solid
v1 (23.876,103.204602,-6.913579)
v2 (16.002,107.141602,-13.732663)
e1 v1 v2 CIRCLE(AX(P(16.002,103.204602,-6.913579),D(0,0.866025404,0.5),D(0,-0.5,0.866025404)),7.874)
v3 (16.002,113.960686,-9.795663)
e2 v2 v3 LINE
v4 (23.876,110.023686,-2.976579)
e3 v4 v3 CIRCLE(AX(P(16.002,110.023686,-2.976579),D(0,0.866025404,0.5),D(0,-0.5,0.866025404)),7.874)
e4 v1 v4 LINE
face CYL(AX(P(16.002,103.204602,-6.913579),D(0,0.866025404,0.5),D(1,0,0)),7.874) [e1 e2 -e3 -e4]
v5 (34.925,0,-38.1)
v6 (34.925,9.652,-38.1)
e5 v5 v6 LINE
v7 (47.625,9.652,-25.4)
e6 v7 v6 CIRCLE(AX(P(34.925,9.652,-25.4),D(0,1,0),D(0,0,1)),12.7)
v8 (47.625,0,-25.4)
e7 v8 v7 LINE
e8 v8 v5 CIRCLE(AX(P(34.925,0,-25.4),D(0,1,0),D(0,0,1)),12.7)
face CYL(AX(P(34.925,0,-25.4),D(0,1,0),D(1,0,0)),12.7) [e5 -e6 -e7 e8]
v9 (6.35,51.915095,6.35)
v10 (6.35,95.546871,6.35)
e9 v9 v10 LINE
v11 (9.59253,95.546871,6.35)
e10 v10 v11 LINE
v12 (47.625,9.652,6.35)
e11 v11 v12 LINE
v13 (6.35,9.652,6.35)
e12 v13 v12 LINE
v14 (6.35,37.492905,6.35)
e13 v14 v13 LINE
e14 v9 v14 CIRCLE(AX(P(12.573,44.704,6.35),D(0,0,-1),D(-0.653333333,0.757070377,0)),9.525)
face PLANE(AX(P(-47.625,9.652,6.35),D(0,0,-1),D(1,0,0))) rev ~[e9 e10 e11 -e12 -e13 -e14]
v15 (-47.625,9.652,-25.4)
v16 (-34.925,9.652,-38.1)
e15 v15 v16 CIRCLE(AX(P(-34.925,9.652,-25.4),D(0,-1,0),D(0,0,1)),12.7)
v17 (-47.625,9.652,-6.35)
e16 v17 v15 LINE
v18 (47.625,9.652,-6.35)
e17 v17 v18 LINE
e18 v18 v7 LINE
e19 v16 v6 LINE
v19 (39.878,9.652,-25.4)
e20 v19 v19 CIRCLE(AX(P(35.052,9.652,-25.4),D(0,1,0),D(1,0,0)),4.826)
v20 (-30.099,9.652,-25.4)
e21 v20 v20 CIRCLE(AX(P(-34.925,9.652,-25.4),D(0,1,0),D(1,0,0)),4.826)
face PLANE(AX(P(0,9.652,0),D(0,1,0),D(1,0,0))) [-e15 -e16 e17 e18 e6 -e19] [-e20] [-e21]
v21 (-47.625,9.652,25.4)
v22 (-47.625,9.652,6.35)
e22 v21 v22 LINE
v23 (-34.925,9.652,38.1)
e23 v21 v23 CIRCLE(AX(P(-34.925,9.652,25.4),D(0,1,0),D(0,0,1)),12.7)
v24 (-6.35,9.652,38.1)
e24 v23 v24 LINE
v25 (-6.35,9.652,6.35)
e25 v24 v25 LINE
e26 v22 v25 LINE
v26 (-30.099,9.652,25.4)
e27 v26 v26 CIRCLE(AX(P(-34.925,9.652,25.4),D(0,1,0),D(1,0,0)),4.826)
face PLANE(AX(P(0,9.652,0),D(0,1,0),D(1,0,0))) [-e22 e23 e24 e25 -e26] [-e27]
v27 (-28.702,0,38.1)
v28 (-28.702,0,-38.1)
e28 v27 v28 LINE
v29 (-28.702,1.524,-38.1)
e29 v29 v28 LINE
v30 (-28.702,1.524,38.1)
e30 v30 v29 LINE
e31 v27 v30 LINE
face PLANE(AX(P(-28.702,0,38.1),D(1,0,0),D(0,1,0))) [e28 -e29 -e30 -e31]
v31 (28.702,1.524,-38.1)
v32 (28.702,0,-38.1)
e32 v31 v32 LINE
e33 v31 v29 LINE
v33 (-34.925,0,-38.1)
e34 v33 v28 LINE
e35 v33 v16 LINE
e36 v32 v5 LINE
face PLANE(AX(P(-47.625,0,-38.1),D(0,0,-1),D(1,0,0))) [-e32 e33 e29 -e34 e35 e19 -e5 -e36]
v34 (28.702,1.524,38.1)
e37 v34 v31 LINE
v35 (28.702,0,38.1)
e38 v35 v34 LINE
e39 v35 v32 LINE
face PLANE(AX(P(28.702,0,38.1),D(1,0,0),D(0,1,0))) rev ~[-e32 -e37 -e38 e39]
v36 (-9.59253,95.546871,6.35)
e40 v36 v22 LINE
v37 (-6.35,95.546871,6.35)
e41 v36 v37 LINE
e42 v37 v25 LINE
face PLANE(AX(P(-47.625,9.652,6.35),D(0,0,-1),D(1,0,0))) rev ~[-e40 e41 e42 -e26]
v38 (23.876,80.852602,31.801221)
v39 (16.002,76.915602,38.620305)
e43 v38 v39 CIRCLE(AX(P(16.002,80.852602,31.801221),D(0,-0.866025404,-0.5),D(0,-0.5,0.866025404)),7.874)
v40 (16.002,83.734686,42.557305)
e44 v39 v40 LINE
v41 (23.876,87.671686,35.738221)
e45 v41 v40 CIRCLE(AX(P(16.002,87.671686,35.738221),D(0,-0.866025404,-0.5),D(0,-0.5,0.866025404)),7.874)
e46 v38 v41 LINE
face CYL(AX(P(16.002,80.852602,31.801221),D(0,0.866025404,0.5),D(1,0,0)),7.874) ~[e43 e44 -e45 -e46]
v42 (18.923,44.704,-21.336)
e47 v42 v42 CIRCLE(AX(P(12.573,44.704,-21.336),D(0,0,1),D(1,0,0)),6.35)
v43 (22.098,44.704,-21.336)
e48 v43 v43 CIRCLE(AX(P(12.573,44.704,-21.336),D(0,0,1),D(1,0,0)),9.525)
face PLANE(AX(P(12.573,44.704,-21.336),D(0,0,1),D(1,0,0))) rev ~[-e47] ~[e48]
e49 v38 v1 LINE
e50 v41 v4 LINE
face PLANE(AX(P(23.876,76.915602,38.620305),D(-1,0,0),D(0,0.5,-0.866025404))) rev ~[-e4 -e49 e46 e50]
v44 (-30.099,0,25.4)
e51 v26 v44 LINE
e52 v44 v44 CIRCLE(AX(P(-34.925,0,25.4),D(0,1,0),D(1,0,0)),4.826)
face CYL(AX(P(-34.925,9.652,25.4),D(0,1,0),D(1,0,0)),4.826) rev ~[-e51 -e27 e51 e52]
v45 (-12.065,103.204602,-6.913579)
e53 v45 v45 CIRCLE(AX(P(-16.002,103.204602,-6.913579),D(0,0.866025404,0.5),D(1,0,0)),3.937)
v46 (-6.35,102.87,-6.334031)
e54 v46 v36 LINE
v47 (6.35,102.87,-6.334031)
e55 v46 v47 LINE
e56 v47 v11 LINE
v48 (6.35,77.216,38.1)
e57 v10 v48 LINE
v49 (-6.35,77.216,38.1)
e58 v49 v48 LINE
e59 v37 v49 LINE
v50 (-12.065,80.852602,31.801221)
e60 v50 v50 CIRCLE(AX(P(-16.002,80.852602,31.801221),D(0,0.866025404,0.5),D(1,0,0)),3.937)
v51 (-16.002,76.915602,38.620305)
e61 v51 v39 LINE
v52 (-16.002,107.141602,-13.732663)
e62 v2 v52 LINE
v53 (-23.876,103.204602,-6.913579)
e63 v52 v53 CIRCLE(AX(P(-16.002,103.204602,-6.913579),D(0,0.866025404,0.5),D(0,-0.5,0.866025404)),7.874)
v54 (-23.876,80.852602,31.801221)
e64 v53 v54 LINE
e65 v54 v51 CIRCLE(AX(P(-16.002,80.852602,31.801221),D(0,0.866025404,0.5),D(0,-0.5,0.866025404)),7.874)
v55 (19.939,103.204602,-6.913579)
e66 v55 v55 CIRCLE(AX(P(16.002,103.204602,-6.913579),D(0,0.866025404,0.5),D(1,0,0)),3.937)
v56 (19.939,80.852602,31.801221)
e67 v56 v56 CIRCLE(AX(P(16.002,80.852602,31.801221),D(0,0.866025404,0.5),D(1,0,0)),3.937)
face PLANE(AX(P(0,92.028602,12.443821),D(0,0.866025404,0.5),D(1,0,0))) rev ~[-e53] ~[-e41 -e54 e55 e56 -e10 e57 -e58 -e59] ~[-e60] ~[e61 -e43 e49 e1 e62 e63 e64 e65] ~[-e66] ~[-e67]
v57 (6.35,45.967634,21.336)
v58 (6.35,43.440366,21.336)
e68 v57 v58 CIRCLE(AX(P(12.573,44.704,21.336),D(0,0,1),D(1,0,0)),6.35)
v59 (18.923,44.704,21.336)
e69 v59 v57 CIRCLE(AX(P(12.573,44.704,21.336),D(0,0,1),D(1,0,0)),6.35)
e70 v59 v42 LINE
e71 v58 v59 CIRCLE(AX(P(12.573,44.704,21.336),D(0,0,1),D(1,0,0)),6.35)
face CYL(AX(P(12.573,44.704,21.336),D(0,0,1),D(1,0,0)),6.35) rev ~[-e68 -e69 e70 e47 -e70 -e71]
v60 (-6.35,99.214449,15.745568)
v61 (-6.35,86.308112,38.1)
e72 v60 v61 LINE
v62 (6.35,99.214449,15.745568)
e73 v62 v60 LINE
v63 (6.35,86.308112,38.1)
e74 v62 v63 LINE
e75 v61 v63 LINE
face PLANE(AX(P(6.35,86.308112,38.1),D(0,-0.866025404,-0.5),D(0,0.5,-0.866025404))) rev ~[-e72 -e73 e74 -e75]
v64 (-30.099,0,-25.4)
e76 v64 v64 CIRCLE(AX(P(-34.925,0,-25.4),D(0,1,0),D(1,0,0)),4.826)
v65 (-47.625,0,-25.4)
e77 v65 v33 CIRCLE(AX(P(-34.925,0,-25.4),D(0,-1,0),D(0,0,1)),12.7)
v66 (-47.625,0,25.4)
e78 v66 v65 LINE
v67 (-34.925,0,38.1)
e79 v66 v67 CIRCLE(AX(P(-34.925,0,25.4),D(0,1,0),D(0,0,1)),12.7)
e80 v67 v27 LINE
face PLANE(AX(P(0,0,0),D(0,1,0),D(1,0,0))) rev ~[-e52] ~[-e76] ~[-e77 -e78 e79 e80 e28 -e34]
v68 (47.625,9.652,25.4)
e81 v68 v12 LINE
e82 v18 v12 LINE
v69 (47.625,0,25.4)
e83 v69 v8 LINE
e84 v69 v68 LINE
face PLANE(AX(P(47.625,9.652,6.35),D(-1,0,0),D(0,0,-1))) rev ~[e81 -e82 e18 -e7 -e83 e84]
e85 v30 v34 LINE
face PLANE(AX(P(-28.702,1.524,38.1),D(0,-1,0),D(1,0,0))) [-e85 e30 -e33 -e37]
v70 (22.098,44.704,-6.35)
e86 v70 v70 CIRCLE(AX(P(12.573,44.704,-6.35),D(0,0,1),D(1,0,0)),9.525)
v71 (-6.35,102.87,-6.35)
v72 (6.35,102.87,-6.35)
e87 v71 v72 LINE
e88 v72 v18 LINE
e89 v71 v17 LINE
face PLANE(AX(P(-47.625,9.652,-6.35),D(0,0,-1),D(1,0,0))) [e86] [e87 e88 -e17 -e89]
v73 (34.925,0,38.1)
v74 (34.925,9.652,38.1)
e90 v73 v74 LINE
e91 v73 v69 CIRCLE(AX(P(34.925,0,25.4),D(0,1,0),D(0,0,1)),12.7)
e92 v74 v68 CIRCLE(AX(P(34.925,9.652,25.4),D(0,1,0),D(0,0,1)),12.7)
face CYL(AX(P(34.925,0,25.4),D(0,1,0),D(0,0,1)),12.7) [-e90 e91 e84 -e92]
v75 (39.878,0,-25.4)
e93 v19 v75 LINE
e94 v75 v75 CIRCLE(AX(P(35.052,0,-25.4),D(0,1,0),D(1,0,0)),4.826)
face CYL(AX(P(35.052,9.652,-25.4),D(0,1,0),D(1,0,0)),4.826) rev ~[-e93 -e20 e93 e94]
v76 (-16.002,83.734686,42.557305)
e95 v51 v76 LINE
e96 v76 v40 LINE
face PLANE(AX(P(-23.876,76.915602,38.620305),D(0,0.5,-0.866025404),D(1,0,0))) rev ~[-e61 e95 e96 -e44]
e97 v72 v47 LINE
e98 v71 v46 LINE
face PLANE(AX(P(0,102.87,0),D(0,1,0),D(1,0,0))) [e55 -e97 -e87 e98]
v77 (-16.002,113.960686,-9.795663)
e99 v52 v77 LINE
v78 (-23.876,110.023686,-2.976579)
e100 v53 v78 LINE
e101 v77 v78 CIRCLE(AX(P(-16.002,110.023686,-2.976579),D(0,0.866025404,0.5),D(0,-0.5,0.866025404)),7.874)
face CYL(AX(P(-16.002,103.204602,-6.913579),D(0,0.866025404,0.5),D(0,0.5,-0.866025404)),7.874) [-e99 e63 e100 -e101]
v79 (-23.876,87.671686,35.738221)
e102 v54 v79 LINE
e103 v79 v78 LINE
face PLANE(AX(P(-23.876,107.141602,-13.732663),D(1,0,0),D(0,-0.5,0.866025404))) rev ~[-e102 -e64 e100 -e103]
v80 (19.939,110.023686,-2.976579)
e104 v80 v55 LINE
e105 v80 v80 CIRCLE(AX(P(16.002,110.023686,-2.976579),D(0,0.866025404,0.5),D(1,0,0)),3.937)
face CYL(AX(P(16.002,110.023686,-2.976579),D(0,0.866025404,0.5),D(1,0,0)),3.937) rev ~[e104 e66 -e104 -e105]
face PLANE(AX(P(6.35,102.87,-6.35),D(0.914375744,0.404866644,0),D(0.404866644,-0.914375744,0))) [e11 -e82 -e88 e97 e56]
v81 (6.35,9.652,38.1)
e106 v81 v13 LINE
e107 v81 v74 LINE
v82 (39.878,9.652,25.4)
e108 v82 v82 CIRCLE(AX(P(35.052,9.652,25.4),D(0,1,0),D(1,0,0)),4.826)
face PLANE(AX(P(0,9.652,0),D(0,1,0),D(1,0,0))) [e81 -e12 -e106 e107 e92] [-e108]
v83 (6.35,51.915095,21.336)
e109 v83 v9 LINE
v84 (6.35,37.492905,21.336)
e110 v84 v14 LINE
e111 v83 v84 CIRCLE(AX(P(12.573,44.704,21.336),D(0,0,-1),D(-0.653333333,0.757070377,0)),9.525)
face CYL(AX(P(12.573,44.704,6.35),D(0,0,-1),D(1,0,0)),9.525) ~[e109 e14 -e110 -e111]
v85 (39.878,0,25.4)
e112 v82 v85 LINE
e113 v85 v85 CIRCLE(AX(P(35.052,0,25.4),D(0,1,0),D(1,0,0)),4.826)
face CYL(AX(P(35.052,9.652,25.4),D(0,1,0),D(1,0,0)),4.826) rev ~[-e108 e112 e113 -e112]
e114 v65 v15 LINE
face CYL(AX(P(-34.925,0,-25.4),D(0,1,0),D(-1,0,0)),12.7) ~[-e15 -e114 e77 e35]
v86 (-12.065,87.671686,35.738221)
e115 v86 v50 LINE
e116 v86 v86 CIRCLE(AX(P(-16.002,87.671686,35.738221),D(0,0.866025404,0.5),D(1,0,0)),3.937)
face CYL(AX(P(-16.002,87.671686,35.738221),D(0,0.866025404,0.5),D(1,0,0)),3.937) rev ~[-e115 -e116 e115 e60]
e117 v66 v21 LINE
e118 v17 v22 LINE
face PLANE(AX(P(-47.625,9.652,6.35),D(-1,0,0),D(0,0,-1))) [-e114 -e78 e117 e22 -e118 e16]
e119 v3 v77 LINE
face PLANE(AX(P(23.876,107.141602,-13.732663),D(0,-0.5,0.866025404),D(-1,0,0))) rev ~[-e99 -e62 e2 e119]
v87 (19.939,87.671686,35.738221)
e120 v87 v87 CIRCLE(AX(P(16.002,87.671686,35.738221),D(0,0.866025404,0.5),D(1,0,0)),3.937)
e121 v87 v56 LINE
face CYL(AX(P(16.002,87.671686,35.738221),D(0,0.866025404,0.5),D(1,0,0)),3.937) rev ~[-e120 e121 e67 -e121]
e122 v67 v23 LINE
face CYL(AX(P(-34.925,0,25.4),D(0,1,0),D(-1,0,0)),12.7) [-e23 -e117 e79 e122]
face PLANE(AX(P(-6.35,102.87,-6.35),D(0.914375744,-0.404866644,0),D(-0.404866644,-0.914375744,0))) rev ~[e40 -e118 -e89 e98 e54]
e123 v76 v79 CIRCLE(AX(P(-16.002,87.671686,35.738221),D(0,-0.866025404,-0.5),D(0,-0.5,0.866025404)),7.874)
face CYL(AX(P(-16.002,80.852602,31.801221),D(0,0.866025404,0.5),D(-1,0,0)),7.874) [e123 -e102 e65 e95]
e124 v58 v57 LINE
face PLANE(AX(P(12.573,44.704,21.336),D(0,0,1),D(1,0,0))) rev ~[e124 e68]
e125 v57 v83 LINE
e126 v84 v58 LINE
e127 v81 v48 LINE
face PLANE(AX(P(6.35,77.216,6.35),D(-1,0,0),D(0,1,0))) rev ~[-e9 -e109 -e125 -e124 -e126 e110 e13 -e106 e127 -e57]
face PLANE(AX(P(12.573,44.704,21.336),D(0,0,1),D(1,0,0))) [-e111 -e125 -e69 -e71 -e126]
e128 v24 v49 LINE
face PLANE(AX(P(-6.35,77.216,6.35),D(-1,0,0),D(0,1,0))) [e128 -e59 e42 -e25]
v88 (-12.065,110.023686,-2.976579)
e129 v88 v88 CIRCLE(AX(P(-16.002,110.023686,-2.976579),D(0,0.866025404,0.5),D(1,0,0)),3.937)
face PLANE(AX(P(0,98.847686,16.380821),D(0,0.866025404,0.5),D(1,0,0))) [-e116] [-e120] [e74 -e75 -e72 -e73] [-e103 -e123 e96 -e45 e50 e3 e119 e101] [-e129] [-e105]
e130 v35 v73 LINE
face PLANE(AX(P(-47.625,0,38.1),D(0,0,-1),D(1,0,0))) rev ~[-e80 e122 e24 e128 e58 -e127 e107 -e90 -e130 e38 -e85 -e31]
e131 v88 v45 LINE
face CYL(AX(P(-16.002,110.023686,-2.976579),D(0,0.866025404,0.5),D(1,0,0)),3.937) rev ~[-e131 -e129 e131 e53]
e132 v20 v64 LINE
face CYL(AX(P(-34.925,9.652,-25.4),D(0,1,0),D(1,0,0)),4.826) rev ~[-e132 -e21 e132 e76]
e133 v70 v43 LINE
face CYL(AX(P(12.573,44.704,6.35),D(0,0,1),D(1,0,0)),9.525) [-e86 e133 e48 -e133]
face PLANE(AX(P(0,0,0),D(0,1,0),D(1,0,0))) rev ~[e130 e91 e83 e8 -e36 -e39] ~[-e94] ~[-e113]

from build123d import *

# Parameters (mm, degrees)
CROQUIS3_W               = 95.25
CROQUIS3_H               = 76.2
SALIENTE_EXTRUIR1_DEPTH  = 9.652
REDONDEO1_R              = 12.7
CROQUIS4_R               = 4.826
CORTAR_EXTRUIR2_DEPTH    = 9.652
CROQUIS6_W               = 12.7
CROQUIS6_H               = 43.017724406
SALIENTE_EXTRUIR3_DEPTH  = 67.564
CROQUIS8_W               = 95.25
CROQUIS8_H               = 12.7
SALIENTE_EXTRUIR4_DEPTH  = 93.218
SALIENTE_EXTRUIR10_DEPTH = 7.874
CORTAR_EXTRUIR8_DEPTH    = 12.7
CROQUIS14_R              = 9.525
SALIENTE_EXTRUIR7_DEPTH  = 14.986
CROQUIS16_R              = 9.525
SALIENTE_EXTRUIR8_DEPTH  = 27.686
CROQUIS17_R              = 6.35
CORTAR_EXTRUIR10_DEPTH   = 60.436
CORTAR_EXTRUIR13_DEPTH   = 12.7
REDONDEO3_R              = 7.874
CROQUIS24_R              = 3.937
CORTAR_EXTRUIR14_DEPTH   = 12.7
CROQUIS25_W              = 12.7
CROQUIS25_H              = 21.99844938
SALIENTE_EXTRUIR11_DEPTH = 31.75
CORTAR_EXTRUIR15_DEPTH   = 31.75
CROQUIS27_W              = 57.404
CROQUIS27_H              = 1.524
CORTAR_EXTRUIR16_DEPTH   = 77.2


with BuildPart() as part:
    # Croquis3 → Saliente-Extruir1 (new body)
    with BuildSketch(Plane(origin=(0, 0, 0), x_dir=(1, 0, 0), z_dir=(0, 1, 0))):
        Rectangle(CROQUIS3_W, CROQUIS3_H)
    extrude(amount=SALIENTE_EXTRUIR1_DEPTH)

    # Redondeo1
    redondeo1_edges = [part.edges().sort_by_distance(p)[0] for p in [
        (47.625, 4.826, 38.1),
        (-47.625, 4.826, 38.1),
        (-47.625, 4.826, -38.1),
        (47.625, 4.826, -38.1),
    ]]
    fillet(redondeo1_edges, radius=REDONDEO1_R)

    # Croquis4 → Cortar-Extruir2 (cut)
    with BuildSketch(Plane(origin=(0, 9.652, 0), x_dir=(1, 0, 0), z_dir=(0, 1, 0))):
        with Locations((-34.925, -25.4)):
            Circle(CROQUIS4_R)
        with Locations((35.052, -25.4)):
            Circle(CROQUIS4_R)
        with Locations((35.052, 25.4)):
            Circle(CROQUIS4_R)
        with Locations((-34.925, 25.4)):
            Circle(CROQUIS4_R)
    extrude(amount=-CORTAR_EXTRUIR2_DEPTH, mode=Mode.SUBTRACT)

    # Croquis6 → Saliente-Extruir3 (add)
    with BuildSketch(Plane(origin=(0, 9.652, 0), x_dir=(1, 0, 0), z_dir=(0, 1, 0))):
        with Locations((0, -16.591137797)):
            Rectangle(CROQUIS6_W, CROQUIS6_H)
    extrude(amount=SALIENTE_EXTRUIR3_DEPTH)

    # Croquis8 → Saliente-Extruir4 (add)
    with BuildSketch(Plane(origin=(0, 9.652, 0), x_dir=(1, 0, 0), z_dir=(0, 1, 0))):
        Rectangle(CROQUIS8_W, CROQUIS8_H)
    extrude(amount=SALIENTE_EXTRUIR4_DEPTH)

    # Croquis11 → Cortar-Extruir8 (cut)
    with BuildSketch(Plane(origin=(0, 0, -6.35), x_dir=(-1, 0, 0), z_dir=(0, 0, -1))):
        Polygon((-6.35, 102.87), (-47.625, 9.652), (-47.625, 102.87), align=None)
    extrude(amount=-CORTAR_EXTRUIR8_DEPTH, mode=Mode.SUBTRACT)

    # Croquis14 → Saliente-Extruir7 (add)
    with BuildSketch(Plane.XY.offset(6.35)):
        with Locations((12.573, 44.704)):
            Circle(CROQUIS14_R)
    extrude(amount=SALIENTE_EXTRUIR7_DEPTH)

    # Croquis16 → Saliente-Extruir8 (add)
    with BuildSketch(Plane.XY.offset(6.35)):
        with Locations((12.573, 44.704)):
            Circle(CROQUIS16_R)
    extrude(amount=-SALIENTE_EXTRUIR8_DEPTH)

    # Croquis17 → Cortar-Extruir10 (cut, through all)
    with BuildSketch(Plane.XY.offset(21.336)):
        with Locations((12.573, 44.704)):
            Circle(CROQUIS17_R)
    extrude(amount=-CORTAR_EXTRUIR10_DEPTH, mode=Mode.SUBTRACT)

    # Croquis13 → Cortar-Extruir13 (cut)
    with BuildSketch(Plane(origin=(0, 0, -6.35), x_dir=(-1, 0, 0), z_dir=(0, 0, -1))):
        Polygon((6.35, 102.87), (47.625, 9.652), (47.625, 102.87), align=None)
    extrude(amount=-CORTAR_EXTRUIR13_DEPTH, mode=Mode.SUBTRACT)



with BuildPart() as body_2:
    # Croquis23 → Saliente-Extruir10 (new body)
    with BuildSketch(Plane(origin=(0, 74.409783942, 42.960508789), x_dir=(1, 0, 0), z_dir=(0, 0.866025404, 0.5))):
        Polygon((0, 5.011636093), (23.876, 5.011636093), (23.876, 65.463636093), (-23.876, 65.463636093), (-23.876, 5.011636093), align=None)
    extrude(amount=SALIENTE_EXTRUIR10_DEPTH)

    # Redondeo3
    redondeo3_edges = [body_2.edges().sort_by_distance(p)[0] for p in [
        (-23.876, 80.325144003, 40.588804619),
        (-23.876, 110.551144003, -11.764163091),
        (23.876, 110.551144003, -11.764163091),
        (23.876, 80.325144003, 40.588804619),
    ]]
    fillet(redondeo3_edges, radius=REDONDEO3_R)

    # Croquis24 → Cortar-Extruir14 (cut)
    with BuildSketch(Plane(origin=(0, 81.228867971, 46.897508789), x_dir=(1, 0, 0), z_dir=(0, 0.866025404, 0.5))):
        with Locations((-16.002, 12.885636093)):
            Circle(CROQUIS24_R)
        with Locations((16.002, 12.885636093)):
            Circle(CROQUIS24_R)
        with Locations((-16.002, 57.589636093)):
            Circle(CROQUIS24_R)
        with Locations((16.002, 57.589636093)):
            Circle(CROQUIS24_R)
    extrude(amount=-CORTAR_EXTRUIR14_DEPTH, mode=Mode.SUBTRACT)


with BuildPart() as part_1:
    add(part.part)

    add(body_2.part)  # Saliente-Extruir11 merges body 2
    # Croquis25 → Saliente-Extruir11 (add)
    with BuildSketch(Plane.XY.offset(6.35)):
        with Locations((0, 88.21522469)):
            Rectangle(CROQUIS25_W, CROQUIS25_H)
    extrude(amount=SALIENTE_EXTRUIR11_DEPTH)

    # Croquis26 → Cortar-Extruir15 (cut)
    with BuildSketch(Plane(origin=(6.35, 0, 0), x_dir=(0, 0, -1), z_dir=(1, 0, 0))):
        Polygon((-15.745567986, 99.21444938), (-38.1, 99.21444938), (-38.1, 86.308112039), align=None)
    extrude(amount=-CORTAR_EXTRUIR15_DEPTH, mode=Mode.SUBTRACT)

    # Croquis27 → Cortar-Extruir16 (cut, through all)
    with BuildSketch(Plane.XY.offset(38.1)):
        with Locations((0, 0.762)):
            Rectangle(CROQUIS27_W, CROQUIS27_H)
    extrude(amount=-CORTAR_EXTRUIR16_DEPTH, mode=Mode.SUBTRACT)


solid = part_1.part
